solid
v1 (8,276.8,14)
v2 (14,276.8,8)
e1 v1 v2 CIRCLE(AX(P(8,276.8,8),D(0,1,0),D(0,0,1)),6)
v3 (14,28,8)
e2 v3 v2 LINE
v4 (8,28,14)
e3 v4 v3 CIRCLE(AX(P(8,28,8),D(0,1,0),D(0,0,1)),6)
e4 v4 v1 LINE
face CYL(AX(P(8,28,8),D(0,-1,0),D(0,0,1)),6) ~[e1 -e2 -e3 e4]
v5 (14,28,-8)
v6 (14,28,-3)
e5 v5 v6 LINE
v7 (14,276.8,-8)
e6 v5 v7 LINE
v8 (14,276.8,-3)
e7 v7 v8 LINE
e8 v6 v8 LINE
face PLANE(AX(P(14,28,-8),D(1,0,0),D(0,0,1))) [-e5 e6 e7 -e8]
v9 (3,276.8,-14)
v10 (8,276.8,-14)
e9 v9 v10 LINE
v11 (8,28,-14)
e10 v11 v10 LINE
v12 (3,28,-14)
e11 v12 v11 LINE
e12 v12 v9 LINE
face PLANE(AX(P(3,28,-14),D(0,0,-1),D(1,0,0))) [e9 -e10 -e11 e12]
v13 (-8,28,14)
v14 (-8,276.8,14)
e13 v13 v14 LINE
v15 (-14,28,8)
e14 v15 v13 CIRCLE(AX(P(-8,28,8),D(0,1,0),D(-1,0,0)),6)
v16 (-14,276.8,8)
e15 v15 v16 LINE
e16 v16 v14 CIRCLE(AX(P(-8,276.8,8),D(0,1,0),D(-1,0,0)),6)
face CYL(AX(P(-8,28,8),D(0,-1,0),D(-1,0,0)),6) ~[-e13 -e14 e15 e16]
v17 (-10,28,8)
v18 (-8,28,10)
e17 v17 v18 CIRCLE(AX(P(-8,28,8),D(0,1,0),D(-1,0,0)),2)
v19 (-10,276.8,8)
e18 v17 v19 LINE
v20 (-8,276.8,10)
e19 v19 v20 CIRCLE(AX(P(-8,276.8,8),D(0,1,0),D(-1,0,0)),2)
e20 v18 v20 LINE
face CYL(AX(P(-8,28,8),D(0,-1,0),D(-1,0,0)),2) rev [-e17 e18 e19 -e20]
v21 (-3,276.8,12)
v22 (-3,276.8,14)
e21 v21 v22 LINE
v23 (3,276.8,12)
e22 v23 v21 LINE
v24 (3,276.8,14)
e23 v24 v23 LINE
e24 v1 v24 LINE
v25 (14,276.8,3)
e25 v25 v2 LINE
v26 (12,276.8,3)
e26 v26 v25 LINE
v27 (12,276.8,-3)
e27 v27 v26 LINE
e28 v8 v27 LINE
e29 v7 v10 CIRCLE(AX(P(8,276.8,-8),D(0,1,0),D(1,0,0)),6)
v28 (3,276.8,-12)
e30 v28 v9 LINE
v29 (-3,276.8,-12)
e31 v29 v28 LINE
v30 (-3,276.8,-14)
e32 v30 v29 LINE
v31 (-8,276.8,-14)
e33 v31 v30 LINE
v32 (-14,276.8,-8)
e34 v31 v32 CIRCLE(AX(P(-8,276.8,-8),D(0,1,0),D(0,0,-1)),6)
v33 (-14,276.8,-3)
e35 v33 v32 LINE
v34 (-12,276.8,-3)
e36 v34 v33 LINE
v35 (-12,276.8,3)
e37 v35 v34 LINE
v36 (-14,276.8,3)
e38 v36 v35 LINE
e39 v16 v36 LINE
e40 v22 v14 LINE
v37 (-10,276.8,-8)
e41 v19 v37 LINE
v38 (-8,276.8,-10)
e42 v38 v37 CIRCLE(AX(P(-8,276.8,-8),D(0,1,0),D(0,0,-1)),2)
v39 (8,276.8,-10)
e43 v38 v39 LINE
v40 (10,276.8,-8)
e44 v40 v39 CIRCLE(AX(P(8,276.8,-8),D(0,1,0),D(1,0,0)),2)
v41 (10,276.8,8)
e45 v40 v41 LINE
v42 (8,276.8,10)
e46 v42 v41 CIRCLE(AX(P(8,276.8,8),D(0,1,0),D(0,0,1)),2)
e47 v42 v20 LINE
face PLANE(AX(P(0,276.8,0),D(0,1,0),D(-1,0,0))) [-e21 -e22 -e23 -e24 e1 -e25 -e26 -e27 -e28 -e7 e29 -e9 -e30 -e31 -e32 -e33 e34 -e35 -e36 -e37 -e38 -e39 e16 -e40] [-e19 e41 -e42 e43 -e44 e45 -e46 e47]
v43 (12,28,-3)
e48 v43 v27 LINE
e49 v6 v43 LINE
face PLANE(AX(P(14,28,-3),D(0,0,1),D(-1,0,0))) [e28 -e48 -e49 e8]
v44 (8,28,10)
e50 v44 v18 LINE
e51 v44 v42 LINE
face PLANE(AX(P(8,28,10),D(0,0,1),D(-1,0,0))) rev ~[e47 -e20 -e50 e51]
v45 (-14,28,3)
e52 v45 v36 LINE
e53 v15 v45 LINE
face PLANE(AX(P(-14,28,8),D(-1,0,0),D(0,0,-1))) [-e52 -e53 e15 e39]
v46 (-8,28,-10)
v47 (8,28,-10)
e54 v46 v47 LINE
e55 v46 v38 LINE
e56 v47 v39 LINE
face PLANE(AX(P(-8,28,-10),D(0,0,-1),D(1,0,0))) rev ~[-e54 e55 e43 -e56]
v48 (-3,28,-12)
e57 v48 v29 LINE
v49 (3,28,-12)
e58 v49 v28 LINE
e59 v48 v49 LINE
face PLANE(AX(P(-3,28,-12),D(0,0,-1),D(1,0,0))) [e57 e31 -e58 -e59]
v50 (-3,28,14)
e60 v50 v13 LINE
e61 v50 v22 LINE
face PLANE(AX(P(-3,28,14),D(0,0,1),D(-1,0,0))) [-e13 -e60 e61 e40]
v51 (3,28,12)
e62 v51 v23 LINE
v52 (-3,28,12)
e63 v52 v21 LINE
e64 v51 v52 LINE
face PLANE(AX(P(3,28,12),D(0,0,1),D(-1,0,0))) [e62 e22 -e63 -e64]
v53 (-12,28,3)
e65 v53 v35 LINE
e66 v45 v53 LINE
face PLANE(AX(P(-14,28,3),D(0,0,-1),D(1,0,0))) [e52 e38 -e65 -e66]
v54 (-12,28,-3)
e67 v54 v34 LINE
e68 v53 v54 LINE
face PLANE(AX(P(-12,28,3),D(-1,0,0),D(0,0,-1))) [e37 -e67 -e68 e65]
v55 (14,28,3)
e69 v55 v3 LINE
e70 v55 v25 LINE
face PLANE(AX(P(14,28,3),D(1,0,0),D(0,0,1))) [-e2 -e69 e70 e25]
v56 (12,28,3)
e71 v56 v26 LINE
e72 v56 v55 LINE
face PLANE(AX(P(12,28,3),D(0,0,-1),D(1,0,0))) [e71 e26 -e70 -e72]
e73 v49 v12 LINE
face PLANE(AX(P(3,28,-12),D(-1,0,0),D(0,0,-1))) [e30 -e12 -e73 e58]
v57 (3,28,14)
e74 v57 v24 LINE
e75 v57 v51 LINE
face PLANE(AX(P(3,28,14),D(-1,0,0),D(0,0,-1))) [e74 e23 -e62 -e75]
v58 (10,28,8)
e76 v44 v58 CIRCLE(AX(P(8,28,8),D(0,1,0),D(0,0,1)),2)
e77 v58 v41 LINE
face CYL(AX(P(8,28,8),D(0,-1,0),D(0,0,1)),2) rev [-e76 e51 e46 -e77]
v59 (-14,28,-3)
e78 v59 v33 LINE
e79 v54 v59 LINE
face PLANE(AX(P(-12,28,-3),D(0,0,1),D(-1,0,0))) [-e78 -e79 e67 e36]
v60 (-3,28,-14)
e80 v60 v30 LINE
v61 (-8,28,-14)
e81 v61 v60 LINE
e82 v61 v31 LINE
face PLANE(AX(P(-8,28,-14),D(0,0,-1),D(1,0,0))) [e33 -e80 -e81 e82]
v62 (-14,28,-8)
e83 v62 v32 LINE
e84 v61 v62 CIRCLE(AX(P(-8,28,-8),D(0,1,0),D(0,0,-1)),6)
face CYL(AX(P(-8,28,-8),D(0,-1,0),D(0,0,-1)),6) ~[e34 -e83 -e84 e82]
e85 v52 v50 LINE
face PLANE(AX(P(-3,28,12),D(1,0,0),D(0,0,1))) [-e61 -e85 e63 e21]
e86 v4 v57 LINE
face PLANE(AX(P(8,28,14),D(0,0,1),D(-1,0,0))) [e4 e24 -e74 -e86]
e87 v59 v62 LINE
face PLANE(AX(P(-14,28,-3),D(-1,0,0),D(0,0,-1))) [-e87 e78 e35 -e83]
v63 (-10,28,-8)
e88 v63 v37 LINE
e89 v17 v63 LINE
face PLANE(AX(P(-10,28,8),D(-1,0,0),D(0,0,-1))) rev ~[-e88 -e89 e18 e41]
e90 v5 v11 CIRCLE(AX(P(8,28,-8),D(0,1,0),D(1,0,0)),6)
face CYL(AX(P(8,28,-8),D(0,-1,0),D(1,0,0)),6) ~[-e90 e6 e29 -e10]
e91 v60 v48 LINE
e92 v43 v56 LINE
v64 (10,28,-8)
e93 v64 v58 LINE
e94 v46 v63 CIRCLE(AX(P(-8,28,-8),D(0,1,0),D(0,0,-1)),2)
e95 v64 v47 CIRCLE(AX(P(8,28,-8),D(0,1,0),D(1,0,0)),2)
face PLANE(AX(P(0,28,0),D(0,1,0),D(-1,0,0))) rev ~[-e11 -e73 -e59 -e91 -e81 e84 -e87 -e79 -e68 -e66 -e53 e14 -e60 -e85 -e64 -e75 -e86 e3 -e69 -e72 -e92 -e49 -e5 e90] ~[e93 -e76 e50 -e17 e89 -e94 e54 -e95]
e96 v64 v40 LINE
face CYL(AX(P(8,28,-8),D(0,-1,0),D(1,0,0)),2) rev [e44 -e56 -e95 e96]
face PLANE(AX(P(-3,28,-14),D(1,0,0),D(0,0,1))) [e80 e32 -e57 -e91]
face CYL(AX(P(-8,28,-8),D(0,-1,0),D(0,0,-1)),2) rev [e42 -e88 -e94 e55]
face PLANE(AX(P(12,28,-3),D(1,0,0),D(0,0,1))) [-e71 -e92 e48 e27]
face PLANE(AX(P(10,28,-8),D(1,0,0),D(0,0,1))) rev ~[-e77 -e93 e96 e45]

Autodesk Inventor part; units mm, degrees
ref_plane "Start Plane" through (0, 28, 0) normal (0, 1, 0) x (-1, 0, 0)
ref_plane "End Plane" through (0, 276.8, 0) normal (0, 1, 0) x (-1, 0, 0)
sketch "Sketch" plane through (0, 0, 0) normal (0, 1, 0) x (-1, 0, 0)
  line L0 (8, -10) -> (-8, -10)
  line L1 (-10, -8) -> (-10, 8)
  line L2 (-8, 10) -> (8, 10)
  line L3 (10, 8) -> (10, -8)
  line L4 (10, -10) -> (-10, 10) construction
  line L5 (-10, -10) -> (10, 10) construction
  line L6 (14, -14) -> (-14, 14) construction
  line L7 (-14, -14) -> (14, 14) construction
  arc A0 (8, -10) -> (10, -8) centre (8, -8) ccw
  arc A1 (-10, -8) -> (-8, -10) centre (-8, -8) ccw
  arc A2 (-8, 10) -> (-10, 8) centre (-8, 8) ccw
  arc A3 (10, 8) -> (8, 10) centre (8, 8) ccw
  arc A4 (8, -14) -> (14, -8) centre (8, -8) ccw
  arc A5 (-14, -8) -> (-8, -14) centre (-8, -8) ccw
  arc A6 (-8, 14) -> (-14, 8) centre (-8, 8) ccw
  arc A7 (14, 8) -> (8, 14) centre (8, 8) ccw
  line L8 (3, -14) -> (3, -12)
  line L9 (3, -12) -> (-3, -12)
  line L10 (-3, -12) -> (-3, -14)
  line L11 (-14, -3) -> (-12, -3)
  line L12 (-12, -3) -> (-12, 3)
  line L13 (-12, 3) -> (-14, 3)
  line L14 (-3, 14) -> (-3, 12)
  line L15 (-3, 12) -> (3, 12)
  line L16 (3, 12) -> (3, 14)
  line L17 (14, 3) -> (12, 3)
  line L18 (12, 3) -> (12, -3)
  line L19 (12, -3) -> (14, -3)
  line L20 (0, -10) -> (0, -12) construction
  line L21 (-10, 0) -> (-12, 0) construction
  line L22 (0, 10) -> (0, 12) construction
  line L23 (10, 0) -> (12, 0) construction
  line L24 (14, 8) -> (14, 3)
  line L25 (14, -3) -> (14, -8)
  line L26 (8, -14) -> (3, -14)
  line L27 (-3, -14) -> (-8, -14)
  line L28 (-14, -8) -> (-14, -3)
  line L29 (-14, 3) -> (-14, 8)
  line L30 (-8, 14) -> (-3, 14)
  line L31 (3, 14) -> (8, 14)
  point P0 (0, 0)
  dimension "d1" = 20
  dimension "d2" = 2
  dimension "d3" = 6
  dimension "d4" = 20
  dimension "d5" = 6
  dimension "d6" = 2
  dimension "d8" = 28
extrude "Body" add sketch "Sketch" along normal up to surface (248.8 mm away) from surface at 28
sketch "Sketch2" plane through (0, 0, 0) normal (0, 1, 0) x (-1, 0, 0)
  line L0 (0, 0) -> (10, 0)
ref_plane "Work Plane3" through (0, 0, 0) normal (0, 0, -1) x (-1, 0, 0)
sketch "Sketch3" plane through (0, 0, 0) normal (0, 0, -1) x (-1, 0, 0)
  line L0 (-2, 28) -> (12, 28) construction
  line L1 (-2, 276.8) -> (12, 276.8) construction
  dimension "d16" = 248.8
ref_plane "Work Plane4" through (-284.8, 28, 14) normal (0, -1, 0) x (1, 0, 0)
split "Split1" plane through (-284.8, 28, 14) removes the side toward (0, -1, 0)
ref_plane "Work Plane5" through (-273.8, 276.8, -290.8) normal (0, 1, 0) x (1, 0, 0)
split "Split2" plane through (-273.8, 276.8, -290.8) removes the side toward (0, 1, 0)
equation "\"G_OFFSET_START\" = -28"
equation "\"G_OFFSET_END\" = -28"
equation "\"d11\" = -G_OFFSET_START"
equation "\"d12\" = Length + G_OFFSET_END"
equation "\"G_L\" = d16"
equation "\"Length\" = 304.8"
properties part number "CE-5.2.2-PR" material "Steel, Mild"
